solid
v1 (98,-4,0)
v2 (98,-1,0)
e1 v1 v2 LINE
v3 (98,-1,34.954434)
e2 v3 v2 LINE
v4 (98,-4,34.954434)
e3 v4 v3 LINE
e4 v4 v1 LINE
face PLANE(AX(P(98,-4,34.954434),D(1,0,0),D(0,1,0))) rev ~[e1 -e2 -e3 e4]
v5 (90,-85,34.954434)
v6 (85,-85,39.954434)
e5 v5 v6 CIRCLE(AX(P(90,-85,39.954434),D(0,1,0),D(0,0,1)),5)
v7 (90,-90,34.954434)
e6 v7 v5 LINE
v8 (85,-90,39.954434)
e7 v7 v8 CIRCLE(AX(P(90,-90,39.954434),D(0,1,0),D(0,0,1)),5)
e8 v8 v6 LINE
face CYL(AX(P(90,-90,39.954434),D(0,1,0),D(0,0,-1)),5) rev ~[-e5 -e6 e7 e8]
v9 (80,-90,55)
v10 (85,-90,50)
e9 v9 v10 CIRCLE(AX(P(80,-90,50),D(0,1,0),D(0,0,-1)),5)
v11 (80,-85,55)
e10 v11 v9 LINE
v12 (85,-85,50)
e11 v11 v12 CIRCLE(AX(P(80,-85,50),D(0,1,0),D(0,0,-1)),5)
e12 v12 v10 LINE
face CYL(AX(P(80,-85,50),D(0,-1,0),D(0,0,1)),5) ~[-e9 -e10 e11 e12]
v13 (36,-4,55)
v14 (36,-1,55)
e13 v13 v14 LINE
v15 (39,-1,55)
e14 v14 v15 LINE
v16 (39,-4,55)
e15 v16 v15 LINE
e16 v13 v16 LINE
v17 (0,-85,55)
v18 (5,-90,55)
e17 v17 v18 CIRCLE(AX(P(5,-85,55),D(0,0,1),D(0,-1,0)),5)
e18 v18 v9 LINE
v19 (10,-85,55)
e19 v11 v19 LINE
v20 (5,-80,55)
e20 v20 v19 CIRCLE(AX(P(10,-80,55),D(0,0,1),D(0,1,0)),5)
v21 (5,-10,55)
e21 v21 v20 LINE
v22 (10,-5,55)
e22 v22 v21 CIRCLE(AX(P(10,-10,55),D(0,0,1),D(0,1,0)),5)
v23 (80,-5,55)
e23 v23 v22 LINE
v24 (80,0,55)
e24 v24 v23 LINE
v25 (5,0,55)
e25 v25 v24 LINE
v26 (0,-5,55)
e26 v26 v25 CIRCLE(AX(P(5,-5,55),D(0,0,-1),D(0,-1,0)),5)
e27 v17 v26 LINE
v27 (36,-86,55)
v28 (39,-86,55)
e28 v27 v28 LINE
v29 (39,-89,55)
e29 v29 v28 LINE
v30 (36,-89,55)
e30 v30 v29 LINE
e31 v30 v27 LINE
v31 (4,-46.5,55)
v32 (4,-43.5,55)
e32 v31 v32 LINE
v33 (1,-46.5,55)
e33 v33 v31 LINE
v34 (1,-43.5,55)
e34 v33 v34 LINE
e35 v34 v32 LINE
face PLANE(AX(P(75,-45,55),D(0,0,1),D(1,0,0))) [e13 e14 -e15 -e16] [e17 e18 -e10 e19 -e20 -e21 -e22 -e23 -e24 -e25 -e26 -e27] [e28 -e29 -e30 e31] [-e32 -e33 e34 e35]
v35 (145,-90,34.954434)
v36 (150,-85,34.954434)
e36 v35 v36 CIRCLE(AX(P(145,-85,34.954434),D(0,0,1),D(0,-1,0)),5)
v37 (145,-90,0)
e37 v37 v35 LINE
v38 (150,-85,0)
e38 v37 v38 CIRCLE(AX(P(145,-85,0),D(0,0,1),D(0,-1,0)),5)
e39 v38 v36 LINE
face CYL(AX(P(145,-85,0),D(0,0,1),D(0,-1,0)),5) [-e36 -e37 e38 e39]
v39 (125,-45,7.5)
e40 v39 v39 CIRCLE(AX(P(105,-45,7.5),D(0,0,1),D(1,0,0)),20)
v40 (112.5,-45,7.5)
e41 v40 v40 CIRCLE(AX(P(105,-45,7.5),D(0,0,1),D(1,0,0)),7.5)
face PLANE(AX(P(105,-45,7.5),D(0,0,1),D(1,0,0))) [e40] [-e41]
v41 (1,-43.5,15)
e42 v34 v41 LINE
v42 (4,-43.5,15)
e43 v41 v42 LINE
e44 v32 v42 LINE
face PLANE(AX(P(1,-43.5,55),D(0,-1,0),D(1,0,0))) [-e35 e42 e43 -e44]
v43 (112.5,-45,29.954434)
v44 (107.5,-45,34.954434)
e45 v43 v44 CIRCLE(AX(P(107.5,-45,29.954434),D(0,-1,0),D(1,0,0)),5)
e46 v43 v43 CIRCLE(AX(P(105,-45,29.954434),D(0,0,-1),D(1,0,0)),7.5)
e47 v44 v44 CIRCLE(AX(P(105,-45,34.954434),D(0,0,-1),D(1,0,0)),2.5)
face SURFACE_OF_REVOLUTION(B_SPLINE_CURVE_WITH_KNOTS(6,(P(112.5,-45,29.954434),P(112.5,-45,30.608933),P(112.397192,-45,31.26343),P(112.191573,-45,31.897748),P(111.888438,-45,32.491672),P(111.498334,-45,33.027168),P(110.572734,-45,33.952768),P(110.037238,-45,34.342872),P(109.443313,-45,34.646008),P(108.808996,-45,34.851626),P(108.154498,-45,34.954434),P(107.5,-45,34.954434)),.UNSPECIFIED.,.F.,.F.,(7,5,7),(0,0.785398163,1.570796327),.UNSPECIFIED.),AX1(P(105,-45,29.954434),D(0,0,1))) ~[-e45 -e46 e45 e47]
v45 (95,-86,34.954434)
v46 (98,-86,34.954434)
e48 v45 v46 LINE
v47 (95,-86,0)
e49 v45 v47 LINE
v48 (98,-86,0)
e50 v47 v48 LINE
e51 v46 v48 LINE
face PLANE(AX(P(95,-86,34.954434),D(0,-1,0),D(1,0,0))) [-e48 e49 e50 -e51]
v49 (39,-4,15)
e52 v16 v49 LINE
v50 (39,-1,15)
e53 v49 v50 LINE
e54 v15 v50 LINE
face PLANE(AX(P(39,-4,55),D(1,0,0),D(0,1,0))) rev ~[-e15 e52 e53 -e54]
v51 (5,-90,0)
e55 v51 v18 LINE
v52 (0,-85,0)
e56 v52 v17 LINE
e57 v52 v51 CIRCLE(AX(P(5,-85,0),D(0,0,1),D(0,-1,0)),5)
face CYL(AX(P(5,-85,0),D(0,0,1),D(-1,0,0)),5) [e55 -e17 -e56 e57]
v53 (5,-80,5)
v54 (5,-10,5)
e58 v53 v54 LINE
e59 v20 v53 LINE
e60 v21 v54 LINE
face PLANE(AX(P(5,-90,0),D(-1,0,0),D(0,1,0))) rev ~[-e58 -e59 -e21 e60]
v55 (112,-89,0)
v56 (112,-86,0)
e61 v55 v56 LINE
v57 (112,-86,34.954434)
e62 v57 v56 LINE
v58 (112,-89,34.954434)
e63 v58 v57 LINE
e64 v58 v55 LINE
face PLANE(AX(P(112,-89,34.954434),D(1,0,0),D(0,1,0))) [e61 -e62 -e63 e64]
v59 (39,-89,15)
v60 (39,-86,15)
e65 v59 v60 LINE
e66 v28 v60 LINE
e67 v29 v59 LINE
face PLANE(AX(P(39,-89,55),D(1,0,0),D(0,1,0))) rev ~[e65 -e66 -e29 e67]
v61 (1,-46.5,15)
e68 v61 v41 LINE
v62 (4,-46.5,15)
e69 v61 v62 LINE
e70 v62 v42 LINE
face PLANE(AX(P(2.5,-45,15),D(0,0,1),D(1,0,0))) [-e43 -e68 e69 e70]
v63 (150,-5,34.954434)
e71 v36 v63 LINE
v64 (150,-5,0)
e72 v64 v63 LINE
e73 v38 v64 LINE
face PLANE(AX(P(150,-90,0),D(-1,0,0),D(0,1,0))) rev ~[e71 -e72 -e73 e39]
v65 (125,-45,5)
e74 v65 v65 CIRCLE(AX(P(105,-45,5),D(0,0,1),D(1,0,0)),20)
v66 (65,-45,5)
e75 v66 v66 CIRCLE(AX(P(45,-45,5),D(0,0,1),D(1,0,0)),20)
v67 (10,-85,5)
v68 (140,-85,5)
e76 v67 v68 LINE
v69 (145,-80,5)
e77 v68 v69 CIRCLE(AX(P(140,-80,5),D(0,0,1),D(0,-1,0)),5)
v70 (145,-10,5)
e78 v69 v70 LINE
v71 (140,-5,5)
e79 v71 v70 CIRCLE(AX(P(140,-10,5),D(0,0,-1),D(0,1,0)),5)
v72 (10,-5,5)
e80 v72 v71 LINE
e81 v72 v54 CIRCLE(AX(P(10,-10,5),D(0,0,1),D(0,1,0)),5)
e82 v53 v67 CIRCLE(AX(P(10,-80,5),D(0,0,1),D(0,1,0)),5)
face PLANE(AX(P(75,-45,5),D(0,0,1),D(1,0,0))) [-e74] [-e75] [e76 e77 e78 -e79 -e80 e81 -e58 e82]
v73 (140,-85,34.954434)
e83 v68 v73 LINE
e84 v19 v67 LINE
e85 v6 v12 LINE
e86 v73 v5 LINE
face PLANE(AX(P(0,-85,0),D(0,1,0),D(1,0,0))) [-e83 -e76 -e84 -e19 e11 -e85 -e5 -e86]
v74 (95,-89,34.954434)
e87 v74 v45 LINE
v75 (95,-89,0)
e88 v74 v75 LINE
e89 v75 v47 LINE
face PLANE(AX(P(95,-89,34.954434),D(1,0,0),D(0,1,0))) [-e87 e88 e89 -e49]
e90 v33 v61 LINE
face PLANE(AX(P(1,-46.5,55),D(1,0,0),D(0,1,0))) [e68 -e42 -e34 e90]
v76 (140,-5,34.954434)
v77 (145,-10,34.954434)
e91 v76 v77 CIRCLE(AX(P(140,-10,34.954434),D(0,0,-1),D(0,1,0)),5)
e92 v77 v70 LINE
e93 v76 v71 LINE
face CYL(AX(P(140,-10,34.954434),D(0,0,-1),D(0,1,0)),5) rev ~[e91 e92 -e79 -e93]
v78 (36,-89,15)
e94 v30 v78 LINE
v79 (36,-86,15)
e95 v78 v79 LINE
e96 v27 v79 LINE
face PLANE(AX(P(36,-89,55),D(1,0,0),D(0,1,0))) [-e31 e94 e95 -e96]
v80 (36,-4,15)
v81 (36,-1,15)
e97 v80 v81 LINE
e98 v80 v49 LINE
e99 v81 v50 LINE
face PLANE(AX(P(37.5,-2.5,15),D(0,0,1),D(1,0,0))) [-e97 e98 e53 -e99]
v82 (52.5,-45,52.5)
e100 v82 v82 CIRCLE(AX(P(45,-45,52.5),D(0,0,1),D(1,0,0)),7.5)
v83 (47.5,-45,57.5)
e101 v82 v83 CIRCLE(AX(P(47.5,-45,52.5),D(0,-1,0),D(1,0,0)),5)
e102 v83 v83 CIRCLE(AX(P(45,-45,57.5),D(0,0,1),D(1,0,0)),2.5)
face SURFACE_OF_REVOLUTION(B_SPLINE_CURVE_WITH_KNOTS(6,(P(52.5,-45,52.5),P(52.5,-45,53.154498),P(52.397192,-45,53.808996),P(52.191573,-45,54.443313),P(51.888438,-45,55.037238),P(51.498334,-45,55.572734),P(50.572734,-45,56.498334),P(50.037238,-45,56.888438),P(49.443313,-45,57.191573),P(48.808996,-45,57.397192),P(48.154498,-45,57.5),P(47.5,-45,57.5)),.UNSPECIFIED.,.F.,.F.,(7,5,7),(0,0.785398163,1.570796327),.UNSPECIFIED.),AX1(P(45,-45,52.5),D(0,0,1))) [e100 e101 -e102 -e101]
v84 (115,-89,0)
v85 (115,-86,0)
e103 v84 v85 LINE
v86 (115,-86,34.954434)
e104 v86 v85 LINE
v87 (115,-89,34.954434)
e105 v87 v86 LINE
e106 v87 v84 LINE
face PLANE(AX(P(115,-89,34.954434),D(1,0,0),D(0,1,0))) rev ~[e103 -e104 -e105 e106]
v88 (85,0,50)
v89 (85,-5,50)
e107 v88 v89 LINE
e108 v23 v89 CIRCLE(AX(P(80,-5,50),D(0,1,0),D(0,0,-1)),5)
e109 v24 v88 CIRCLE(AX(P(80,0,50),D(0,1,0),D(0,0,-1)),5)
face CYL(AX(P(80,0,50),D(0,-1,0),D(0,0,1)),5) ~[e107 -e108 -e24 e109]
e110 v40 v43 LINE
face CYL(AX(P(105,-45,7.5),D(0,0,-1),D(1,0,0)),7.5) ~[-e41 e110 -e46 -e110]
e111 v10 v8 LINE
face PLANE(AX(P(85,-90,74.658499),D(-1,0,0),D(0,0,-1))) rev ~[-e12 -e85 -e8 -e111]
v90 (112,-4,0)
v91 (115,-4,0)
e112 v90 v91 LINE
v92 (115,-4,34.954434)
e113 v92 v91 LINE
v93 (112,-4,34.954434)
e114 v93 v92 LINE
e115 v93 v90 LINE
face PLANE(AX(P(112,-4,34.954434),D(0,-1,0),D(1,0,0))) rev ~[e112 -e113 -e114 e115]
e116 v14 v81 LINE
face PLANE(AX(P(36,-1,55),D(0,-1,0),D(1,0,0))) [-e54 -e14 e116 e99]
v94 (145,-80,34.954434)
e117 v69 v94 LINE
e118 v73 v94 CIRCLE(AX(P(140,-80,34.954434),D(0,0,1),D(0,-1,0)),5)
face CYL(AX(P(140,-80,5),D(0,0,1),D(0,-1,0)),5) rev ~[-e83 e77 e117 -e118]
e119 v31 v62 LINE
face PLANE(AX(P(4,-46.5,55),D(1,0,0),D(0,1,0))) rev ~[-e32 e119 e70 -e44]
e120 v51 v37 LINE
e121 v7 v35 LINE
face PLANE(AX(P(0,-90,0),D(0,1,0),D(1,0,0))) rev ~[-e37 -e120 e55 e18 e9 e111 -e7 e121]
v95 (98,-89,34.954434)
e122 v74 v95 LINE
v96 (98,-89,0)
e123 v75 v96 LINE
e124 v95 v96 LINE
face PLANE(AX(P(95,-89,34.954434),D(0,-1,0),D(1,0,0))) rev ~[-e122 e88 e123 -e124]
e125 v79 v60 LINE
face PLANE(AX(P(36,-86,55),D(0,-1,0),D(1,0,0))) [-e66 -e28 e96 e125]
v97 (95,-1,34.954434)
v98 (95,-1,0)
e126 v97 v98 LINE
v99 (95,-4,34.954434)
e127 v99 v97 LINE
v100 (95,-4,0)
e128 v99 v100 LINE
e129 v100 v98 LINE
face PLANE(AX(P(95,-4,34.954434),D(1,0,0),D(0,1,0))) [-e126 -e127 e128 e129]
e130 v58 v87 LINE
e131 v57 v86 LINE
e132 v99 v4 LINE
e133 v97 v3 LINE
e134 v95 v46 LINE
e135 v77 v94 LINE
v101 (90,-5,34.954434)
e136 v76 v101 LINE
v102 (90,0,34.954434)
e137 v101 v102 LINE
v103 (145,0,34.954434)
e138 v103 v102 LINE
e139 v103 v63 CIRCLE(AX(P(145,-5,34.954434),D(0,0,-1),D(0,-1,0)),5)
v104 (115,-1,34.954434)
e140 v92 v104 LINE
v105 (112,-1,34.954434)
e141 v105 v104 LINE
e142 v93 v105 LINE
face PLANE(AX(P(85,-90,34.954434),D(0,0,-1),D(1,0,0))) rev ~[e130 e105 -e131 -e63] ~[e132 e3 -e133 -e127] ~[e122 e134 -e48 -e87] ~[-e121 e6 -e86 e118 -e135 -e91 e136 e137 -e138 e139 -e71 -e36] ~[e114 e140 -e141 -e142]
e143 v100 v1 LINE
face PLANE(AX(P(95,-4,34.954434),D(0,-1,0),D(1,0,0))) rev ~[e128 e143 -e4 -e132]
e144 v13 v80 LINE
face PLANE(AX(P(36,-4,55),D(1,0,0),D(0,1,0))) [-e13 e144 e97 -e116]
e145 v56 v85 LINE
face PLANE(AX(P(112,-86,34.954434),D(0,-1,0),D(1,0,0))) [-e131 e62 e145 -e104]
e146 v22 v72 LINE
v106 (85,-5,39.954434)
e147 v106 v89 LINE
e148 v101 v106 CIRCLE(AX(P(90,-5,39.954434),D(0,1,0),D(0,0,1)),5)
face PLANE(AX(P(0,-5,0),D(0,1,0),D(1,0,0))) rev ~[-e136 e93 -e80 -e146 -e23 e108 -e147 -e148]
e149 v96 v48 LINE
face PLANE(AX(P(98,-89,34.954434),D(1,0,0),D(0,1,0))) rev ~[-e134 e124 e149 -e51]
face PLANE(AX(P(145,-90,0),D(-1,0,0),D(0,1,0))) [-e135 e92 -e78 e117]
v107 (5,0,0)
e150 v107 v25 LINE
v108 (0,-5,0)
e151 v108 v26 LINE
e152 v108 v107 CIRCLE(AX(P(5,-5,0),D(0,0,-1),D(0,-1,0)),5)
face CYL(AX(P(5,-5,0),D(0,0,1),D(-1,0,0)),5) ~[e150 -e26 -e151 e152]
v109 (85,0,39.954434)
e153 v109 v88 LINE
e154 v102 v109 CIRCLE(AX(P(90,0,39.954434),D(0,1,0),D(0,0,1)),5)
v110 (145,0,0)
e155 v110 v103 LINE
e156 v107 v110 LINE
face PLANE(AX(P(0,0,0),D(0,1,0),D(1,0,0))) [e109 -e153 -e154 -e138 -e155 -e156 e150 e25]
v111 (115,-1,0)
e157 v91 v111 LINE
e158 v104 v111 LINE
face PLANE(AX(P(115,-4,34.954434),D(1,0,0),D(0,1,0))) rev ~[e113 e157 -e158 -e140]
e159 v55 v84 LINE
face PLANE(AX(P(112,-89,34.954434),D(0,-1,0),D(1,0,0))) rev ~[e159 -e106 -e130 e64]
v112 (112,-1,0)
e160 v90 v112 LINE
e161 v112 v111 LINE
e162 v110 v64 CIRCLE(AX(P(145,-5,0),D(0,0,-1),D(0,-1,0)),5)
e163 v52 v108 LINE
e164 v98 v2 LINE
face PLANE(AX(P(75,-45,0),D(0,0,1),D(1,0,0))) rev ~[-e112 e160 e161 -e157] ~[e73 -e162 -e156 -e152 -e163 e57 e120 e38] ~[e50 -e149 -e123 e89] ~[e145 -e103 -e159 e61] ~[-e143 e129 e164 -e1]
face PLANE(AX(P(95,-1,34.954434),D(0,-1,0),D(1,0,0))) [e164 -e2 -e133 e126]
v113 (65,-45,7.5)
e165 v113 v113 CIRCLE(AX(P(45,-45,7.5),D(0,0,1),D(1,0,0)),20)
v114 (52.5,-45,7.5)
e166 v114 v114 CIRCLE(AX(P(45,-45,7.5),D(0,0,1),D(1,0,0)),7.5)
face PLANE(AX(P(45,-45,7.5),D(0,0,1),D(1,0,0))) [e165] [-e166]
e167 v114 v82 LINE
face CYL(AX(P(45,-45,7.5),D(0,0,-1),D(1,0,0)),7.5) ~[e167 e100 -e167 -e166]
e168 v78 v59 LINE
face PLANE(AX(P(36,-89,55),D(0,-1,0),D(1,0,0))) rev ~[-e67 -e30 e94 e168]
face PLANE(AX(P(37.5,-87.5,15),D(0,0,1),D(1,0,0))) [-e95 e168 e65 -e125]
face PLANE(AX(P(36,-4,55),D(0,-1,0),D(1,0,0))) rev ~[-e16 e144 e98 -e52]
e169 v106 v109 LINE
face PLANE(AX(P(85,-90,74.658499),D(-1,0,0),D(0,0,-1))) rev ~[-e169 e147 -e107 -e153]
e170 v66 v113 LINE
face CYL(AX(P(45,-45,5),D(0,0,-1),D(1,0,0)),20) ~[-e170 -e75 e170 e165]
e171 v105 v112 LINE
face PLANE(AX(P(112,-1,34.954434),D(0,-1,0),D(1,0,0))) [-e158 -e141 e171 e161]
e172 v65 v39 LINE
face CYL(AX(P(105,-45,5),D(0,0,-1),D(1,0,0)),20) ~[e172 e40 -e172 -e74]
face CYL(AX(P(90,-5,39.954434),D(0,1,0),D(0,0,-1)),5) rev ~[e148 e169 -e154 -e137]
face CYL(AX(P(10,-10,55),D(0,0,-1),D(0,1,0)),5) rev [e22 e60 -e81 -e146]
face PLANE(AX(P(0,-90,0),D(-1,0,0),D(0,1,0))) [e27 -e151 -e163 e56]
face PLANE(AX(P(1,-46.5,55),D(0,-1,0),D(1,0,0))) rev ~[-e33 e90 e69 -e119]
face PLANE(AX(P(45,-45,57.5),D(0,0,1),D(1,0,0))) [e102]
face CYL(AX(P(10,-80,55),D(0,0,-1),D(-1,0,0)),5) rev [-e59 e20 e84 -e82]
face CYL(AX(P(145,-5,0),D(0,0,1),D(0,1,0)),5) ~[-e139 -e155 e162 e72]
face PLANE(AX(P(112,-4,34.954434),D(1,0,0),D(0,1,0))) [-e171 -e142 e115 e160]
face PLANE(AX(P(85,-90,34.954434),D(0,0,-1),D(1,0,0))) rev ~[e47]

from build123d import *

# Parameters (mm, degrees)
SKETCH1_W           = 150
SKETCH1_H           = 90
BOSS_EXTRUDE1_DEPTH = 55
SHELL4_T            = -5
SKETCH2_R           = 20
BOSS_EXTRUDE2_DEPTH = 2.5
SKETCH3_R           = 7.5
BOSS_EXTRUDE3_DEPTH = 50
SKETCH4_W           = 65
SKETCH4_H           = 19.658499389
CUT_EXTRUDE1_DEPTH  = 185.136498283
SKETCH6_W           = 3
SKETCH6_H           = 3
CUT_EXTRUDE3_DEPTH  = 40
FILLET4_R           = 5
FILLET5_R           = 5
SKETCH10_W          = 3
SKETCH10_H          = 3
CUT_EXTRUDE4_DEPTH  = 40


with BuildPart() as part:
    # Sketch1 → Boss-Extrude1 (new body)
    with BuildSketch(Plane.XY):
        with Locations((75, -45)):
            Rectangle(SKETCH1_W, SKETCH1_H)
    extrude(amount=BOSS_EXTRUDE1_DEPTH)

    # Shell4
    shell4_openings = [part.faces().sort_by_distance(p)[0] for p in [
        (75, -45, 55),
    ]]
    offset(amount=SHELL4_T, openings=shell4_openings, kind=Kind.INTERSECTION)

    # Sketch2 → Boss-Extrude2 (add)
    with BuildSketch(Plane.XY.offset(5)):
        with Locations((45, -45)):
            Circle(SKETCH2_R)
        with Locations((105, -45)):
            Circle(SKETCH2_R)
    extrude(amount=BOSS_EXTRUDE2_DEPTH)

    # Sketch3 → Boss-Extrude3 (add)
    with BuildSketch(Plane.XY.offset(7.5)):
        with Locations((45, -45)):
            Circle(SKETCH3_R)
        with Locations((105, -45)):
            Circle(SKETCH3_R)
    extrude(amount=BOSS_EXTRUDE3_DEPTH)

    # Sketch4 → Cut-Extrude1 (cut, through all)
    with BuildSketch(Plane.XZ.offset(90)):
        Polygon((85, 55), (85, 49.954434269), (85, 34.954434269), (150, 34.954434269), (150, 55), align=None)
        with Locations((117.5, 64.829249694)):
            Rectangle(SKETCH4_W, SKETCH4_H)
    extrude(amount=-CUT_EXTRUDE1_DEPTH, mode=Mode.SUBTRACT)

    # Sketch6 → Cut-Extrude3 (cut)
    with BuildSketch(Plane.XY.offset(34.954434269)):
        with Locations((96.5, -2.5)):
            Rectangle(SKETCH6_W, SKETCH6_H)
        with Locations((113.5, -2.5)):
            Rectangle(SKETCH6_W, SKETCH6_H)
        with Locations((96.5, -87.5)):
            Rectangle(SKETCH6_W, SKETCH6_H)
        with Locations((113.5, -87.5)):
            Rectangle(SKETCH6_W, SKETCH6_H)
    extrude(amount=-CUT_EXTRUDE3_DEPTH, mode=Mode.SUBTRACT)

    # Fillet4
    fillet4_edges = [part.edges().sort_by_distance(p)[0] for p in [
        (5, -5, 30),
        (5, -85, 30),
        (145, -5, 19.977217134),
        (145, -85, 19.977217134),
        (150, 0, 17.477217134),
        (150, -90, 17.477217134),
        (85, -87.5, 55),
        (85, -87.5, 34.954434269),
        (85, -2.5, 55),
        (85, -2.5, 34.954434269),
        (0, 0, 27.5),
        (0, -90, 27.5),
    ]]
    fillet(fillet4_edges, radius=FILLET4_R)

    # Fillet5
    fillet5_edges = [part.edges().sort_by_distance(p)[0] for p in [
        (37.5, -45, 57.5),
        (97.5, -45, 34.954434269),
    ]]
    fillet(fillet5_edges, radius=FILLET5_R)

    # Sketch10 → Cut-Extrude4 (cut)
    with BuildSketch(Plane.XY.offset(55)):
        with Locations((2.5, -45)):
            Rectangle(SKETCH10_W, SKETCH10_H)
        with Locations((37.5, -87.5)):
            Rectangle(SKETCH10_W, SKETCH10_H)
        with Locations((37.5, -2.5)):
            Rectangle(SKETCH10_W, SKETCH10_H)
    extrude(amount=-CUT_EXTRUDE4_DEPTH, mode=Mode.SUBTRACT)


solid = part.part
